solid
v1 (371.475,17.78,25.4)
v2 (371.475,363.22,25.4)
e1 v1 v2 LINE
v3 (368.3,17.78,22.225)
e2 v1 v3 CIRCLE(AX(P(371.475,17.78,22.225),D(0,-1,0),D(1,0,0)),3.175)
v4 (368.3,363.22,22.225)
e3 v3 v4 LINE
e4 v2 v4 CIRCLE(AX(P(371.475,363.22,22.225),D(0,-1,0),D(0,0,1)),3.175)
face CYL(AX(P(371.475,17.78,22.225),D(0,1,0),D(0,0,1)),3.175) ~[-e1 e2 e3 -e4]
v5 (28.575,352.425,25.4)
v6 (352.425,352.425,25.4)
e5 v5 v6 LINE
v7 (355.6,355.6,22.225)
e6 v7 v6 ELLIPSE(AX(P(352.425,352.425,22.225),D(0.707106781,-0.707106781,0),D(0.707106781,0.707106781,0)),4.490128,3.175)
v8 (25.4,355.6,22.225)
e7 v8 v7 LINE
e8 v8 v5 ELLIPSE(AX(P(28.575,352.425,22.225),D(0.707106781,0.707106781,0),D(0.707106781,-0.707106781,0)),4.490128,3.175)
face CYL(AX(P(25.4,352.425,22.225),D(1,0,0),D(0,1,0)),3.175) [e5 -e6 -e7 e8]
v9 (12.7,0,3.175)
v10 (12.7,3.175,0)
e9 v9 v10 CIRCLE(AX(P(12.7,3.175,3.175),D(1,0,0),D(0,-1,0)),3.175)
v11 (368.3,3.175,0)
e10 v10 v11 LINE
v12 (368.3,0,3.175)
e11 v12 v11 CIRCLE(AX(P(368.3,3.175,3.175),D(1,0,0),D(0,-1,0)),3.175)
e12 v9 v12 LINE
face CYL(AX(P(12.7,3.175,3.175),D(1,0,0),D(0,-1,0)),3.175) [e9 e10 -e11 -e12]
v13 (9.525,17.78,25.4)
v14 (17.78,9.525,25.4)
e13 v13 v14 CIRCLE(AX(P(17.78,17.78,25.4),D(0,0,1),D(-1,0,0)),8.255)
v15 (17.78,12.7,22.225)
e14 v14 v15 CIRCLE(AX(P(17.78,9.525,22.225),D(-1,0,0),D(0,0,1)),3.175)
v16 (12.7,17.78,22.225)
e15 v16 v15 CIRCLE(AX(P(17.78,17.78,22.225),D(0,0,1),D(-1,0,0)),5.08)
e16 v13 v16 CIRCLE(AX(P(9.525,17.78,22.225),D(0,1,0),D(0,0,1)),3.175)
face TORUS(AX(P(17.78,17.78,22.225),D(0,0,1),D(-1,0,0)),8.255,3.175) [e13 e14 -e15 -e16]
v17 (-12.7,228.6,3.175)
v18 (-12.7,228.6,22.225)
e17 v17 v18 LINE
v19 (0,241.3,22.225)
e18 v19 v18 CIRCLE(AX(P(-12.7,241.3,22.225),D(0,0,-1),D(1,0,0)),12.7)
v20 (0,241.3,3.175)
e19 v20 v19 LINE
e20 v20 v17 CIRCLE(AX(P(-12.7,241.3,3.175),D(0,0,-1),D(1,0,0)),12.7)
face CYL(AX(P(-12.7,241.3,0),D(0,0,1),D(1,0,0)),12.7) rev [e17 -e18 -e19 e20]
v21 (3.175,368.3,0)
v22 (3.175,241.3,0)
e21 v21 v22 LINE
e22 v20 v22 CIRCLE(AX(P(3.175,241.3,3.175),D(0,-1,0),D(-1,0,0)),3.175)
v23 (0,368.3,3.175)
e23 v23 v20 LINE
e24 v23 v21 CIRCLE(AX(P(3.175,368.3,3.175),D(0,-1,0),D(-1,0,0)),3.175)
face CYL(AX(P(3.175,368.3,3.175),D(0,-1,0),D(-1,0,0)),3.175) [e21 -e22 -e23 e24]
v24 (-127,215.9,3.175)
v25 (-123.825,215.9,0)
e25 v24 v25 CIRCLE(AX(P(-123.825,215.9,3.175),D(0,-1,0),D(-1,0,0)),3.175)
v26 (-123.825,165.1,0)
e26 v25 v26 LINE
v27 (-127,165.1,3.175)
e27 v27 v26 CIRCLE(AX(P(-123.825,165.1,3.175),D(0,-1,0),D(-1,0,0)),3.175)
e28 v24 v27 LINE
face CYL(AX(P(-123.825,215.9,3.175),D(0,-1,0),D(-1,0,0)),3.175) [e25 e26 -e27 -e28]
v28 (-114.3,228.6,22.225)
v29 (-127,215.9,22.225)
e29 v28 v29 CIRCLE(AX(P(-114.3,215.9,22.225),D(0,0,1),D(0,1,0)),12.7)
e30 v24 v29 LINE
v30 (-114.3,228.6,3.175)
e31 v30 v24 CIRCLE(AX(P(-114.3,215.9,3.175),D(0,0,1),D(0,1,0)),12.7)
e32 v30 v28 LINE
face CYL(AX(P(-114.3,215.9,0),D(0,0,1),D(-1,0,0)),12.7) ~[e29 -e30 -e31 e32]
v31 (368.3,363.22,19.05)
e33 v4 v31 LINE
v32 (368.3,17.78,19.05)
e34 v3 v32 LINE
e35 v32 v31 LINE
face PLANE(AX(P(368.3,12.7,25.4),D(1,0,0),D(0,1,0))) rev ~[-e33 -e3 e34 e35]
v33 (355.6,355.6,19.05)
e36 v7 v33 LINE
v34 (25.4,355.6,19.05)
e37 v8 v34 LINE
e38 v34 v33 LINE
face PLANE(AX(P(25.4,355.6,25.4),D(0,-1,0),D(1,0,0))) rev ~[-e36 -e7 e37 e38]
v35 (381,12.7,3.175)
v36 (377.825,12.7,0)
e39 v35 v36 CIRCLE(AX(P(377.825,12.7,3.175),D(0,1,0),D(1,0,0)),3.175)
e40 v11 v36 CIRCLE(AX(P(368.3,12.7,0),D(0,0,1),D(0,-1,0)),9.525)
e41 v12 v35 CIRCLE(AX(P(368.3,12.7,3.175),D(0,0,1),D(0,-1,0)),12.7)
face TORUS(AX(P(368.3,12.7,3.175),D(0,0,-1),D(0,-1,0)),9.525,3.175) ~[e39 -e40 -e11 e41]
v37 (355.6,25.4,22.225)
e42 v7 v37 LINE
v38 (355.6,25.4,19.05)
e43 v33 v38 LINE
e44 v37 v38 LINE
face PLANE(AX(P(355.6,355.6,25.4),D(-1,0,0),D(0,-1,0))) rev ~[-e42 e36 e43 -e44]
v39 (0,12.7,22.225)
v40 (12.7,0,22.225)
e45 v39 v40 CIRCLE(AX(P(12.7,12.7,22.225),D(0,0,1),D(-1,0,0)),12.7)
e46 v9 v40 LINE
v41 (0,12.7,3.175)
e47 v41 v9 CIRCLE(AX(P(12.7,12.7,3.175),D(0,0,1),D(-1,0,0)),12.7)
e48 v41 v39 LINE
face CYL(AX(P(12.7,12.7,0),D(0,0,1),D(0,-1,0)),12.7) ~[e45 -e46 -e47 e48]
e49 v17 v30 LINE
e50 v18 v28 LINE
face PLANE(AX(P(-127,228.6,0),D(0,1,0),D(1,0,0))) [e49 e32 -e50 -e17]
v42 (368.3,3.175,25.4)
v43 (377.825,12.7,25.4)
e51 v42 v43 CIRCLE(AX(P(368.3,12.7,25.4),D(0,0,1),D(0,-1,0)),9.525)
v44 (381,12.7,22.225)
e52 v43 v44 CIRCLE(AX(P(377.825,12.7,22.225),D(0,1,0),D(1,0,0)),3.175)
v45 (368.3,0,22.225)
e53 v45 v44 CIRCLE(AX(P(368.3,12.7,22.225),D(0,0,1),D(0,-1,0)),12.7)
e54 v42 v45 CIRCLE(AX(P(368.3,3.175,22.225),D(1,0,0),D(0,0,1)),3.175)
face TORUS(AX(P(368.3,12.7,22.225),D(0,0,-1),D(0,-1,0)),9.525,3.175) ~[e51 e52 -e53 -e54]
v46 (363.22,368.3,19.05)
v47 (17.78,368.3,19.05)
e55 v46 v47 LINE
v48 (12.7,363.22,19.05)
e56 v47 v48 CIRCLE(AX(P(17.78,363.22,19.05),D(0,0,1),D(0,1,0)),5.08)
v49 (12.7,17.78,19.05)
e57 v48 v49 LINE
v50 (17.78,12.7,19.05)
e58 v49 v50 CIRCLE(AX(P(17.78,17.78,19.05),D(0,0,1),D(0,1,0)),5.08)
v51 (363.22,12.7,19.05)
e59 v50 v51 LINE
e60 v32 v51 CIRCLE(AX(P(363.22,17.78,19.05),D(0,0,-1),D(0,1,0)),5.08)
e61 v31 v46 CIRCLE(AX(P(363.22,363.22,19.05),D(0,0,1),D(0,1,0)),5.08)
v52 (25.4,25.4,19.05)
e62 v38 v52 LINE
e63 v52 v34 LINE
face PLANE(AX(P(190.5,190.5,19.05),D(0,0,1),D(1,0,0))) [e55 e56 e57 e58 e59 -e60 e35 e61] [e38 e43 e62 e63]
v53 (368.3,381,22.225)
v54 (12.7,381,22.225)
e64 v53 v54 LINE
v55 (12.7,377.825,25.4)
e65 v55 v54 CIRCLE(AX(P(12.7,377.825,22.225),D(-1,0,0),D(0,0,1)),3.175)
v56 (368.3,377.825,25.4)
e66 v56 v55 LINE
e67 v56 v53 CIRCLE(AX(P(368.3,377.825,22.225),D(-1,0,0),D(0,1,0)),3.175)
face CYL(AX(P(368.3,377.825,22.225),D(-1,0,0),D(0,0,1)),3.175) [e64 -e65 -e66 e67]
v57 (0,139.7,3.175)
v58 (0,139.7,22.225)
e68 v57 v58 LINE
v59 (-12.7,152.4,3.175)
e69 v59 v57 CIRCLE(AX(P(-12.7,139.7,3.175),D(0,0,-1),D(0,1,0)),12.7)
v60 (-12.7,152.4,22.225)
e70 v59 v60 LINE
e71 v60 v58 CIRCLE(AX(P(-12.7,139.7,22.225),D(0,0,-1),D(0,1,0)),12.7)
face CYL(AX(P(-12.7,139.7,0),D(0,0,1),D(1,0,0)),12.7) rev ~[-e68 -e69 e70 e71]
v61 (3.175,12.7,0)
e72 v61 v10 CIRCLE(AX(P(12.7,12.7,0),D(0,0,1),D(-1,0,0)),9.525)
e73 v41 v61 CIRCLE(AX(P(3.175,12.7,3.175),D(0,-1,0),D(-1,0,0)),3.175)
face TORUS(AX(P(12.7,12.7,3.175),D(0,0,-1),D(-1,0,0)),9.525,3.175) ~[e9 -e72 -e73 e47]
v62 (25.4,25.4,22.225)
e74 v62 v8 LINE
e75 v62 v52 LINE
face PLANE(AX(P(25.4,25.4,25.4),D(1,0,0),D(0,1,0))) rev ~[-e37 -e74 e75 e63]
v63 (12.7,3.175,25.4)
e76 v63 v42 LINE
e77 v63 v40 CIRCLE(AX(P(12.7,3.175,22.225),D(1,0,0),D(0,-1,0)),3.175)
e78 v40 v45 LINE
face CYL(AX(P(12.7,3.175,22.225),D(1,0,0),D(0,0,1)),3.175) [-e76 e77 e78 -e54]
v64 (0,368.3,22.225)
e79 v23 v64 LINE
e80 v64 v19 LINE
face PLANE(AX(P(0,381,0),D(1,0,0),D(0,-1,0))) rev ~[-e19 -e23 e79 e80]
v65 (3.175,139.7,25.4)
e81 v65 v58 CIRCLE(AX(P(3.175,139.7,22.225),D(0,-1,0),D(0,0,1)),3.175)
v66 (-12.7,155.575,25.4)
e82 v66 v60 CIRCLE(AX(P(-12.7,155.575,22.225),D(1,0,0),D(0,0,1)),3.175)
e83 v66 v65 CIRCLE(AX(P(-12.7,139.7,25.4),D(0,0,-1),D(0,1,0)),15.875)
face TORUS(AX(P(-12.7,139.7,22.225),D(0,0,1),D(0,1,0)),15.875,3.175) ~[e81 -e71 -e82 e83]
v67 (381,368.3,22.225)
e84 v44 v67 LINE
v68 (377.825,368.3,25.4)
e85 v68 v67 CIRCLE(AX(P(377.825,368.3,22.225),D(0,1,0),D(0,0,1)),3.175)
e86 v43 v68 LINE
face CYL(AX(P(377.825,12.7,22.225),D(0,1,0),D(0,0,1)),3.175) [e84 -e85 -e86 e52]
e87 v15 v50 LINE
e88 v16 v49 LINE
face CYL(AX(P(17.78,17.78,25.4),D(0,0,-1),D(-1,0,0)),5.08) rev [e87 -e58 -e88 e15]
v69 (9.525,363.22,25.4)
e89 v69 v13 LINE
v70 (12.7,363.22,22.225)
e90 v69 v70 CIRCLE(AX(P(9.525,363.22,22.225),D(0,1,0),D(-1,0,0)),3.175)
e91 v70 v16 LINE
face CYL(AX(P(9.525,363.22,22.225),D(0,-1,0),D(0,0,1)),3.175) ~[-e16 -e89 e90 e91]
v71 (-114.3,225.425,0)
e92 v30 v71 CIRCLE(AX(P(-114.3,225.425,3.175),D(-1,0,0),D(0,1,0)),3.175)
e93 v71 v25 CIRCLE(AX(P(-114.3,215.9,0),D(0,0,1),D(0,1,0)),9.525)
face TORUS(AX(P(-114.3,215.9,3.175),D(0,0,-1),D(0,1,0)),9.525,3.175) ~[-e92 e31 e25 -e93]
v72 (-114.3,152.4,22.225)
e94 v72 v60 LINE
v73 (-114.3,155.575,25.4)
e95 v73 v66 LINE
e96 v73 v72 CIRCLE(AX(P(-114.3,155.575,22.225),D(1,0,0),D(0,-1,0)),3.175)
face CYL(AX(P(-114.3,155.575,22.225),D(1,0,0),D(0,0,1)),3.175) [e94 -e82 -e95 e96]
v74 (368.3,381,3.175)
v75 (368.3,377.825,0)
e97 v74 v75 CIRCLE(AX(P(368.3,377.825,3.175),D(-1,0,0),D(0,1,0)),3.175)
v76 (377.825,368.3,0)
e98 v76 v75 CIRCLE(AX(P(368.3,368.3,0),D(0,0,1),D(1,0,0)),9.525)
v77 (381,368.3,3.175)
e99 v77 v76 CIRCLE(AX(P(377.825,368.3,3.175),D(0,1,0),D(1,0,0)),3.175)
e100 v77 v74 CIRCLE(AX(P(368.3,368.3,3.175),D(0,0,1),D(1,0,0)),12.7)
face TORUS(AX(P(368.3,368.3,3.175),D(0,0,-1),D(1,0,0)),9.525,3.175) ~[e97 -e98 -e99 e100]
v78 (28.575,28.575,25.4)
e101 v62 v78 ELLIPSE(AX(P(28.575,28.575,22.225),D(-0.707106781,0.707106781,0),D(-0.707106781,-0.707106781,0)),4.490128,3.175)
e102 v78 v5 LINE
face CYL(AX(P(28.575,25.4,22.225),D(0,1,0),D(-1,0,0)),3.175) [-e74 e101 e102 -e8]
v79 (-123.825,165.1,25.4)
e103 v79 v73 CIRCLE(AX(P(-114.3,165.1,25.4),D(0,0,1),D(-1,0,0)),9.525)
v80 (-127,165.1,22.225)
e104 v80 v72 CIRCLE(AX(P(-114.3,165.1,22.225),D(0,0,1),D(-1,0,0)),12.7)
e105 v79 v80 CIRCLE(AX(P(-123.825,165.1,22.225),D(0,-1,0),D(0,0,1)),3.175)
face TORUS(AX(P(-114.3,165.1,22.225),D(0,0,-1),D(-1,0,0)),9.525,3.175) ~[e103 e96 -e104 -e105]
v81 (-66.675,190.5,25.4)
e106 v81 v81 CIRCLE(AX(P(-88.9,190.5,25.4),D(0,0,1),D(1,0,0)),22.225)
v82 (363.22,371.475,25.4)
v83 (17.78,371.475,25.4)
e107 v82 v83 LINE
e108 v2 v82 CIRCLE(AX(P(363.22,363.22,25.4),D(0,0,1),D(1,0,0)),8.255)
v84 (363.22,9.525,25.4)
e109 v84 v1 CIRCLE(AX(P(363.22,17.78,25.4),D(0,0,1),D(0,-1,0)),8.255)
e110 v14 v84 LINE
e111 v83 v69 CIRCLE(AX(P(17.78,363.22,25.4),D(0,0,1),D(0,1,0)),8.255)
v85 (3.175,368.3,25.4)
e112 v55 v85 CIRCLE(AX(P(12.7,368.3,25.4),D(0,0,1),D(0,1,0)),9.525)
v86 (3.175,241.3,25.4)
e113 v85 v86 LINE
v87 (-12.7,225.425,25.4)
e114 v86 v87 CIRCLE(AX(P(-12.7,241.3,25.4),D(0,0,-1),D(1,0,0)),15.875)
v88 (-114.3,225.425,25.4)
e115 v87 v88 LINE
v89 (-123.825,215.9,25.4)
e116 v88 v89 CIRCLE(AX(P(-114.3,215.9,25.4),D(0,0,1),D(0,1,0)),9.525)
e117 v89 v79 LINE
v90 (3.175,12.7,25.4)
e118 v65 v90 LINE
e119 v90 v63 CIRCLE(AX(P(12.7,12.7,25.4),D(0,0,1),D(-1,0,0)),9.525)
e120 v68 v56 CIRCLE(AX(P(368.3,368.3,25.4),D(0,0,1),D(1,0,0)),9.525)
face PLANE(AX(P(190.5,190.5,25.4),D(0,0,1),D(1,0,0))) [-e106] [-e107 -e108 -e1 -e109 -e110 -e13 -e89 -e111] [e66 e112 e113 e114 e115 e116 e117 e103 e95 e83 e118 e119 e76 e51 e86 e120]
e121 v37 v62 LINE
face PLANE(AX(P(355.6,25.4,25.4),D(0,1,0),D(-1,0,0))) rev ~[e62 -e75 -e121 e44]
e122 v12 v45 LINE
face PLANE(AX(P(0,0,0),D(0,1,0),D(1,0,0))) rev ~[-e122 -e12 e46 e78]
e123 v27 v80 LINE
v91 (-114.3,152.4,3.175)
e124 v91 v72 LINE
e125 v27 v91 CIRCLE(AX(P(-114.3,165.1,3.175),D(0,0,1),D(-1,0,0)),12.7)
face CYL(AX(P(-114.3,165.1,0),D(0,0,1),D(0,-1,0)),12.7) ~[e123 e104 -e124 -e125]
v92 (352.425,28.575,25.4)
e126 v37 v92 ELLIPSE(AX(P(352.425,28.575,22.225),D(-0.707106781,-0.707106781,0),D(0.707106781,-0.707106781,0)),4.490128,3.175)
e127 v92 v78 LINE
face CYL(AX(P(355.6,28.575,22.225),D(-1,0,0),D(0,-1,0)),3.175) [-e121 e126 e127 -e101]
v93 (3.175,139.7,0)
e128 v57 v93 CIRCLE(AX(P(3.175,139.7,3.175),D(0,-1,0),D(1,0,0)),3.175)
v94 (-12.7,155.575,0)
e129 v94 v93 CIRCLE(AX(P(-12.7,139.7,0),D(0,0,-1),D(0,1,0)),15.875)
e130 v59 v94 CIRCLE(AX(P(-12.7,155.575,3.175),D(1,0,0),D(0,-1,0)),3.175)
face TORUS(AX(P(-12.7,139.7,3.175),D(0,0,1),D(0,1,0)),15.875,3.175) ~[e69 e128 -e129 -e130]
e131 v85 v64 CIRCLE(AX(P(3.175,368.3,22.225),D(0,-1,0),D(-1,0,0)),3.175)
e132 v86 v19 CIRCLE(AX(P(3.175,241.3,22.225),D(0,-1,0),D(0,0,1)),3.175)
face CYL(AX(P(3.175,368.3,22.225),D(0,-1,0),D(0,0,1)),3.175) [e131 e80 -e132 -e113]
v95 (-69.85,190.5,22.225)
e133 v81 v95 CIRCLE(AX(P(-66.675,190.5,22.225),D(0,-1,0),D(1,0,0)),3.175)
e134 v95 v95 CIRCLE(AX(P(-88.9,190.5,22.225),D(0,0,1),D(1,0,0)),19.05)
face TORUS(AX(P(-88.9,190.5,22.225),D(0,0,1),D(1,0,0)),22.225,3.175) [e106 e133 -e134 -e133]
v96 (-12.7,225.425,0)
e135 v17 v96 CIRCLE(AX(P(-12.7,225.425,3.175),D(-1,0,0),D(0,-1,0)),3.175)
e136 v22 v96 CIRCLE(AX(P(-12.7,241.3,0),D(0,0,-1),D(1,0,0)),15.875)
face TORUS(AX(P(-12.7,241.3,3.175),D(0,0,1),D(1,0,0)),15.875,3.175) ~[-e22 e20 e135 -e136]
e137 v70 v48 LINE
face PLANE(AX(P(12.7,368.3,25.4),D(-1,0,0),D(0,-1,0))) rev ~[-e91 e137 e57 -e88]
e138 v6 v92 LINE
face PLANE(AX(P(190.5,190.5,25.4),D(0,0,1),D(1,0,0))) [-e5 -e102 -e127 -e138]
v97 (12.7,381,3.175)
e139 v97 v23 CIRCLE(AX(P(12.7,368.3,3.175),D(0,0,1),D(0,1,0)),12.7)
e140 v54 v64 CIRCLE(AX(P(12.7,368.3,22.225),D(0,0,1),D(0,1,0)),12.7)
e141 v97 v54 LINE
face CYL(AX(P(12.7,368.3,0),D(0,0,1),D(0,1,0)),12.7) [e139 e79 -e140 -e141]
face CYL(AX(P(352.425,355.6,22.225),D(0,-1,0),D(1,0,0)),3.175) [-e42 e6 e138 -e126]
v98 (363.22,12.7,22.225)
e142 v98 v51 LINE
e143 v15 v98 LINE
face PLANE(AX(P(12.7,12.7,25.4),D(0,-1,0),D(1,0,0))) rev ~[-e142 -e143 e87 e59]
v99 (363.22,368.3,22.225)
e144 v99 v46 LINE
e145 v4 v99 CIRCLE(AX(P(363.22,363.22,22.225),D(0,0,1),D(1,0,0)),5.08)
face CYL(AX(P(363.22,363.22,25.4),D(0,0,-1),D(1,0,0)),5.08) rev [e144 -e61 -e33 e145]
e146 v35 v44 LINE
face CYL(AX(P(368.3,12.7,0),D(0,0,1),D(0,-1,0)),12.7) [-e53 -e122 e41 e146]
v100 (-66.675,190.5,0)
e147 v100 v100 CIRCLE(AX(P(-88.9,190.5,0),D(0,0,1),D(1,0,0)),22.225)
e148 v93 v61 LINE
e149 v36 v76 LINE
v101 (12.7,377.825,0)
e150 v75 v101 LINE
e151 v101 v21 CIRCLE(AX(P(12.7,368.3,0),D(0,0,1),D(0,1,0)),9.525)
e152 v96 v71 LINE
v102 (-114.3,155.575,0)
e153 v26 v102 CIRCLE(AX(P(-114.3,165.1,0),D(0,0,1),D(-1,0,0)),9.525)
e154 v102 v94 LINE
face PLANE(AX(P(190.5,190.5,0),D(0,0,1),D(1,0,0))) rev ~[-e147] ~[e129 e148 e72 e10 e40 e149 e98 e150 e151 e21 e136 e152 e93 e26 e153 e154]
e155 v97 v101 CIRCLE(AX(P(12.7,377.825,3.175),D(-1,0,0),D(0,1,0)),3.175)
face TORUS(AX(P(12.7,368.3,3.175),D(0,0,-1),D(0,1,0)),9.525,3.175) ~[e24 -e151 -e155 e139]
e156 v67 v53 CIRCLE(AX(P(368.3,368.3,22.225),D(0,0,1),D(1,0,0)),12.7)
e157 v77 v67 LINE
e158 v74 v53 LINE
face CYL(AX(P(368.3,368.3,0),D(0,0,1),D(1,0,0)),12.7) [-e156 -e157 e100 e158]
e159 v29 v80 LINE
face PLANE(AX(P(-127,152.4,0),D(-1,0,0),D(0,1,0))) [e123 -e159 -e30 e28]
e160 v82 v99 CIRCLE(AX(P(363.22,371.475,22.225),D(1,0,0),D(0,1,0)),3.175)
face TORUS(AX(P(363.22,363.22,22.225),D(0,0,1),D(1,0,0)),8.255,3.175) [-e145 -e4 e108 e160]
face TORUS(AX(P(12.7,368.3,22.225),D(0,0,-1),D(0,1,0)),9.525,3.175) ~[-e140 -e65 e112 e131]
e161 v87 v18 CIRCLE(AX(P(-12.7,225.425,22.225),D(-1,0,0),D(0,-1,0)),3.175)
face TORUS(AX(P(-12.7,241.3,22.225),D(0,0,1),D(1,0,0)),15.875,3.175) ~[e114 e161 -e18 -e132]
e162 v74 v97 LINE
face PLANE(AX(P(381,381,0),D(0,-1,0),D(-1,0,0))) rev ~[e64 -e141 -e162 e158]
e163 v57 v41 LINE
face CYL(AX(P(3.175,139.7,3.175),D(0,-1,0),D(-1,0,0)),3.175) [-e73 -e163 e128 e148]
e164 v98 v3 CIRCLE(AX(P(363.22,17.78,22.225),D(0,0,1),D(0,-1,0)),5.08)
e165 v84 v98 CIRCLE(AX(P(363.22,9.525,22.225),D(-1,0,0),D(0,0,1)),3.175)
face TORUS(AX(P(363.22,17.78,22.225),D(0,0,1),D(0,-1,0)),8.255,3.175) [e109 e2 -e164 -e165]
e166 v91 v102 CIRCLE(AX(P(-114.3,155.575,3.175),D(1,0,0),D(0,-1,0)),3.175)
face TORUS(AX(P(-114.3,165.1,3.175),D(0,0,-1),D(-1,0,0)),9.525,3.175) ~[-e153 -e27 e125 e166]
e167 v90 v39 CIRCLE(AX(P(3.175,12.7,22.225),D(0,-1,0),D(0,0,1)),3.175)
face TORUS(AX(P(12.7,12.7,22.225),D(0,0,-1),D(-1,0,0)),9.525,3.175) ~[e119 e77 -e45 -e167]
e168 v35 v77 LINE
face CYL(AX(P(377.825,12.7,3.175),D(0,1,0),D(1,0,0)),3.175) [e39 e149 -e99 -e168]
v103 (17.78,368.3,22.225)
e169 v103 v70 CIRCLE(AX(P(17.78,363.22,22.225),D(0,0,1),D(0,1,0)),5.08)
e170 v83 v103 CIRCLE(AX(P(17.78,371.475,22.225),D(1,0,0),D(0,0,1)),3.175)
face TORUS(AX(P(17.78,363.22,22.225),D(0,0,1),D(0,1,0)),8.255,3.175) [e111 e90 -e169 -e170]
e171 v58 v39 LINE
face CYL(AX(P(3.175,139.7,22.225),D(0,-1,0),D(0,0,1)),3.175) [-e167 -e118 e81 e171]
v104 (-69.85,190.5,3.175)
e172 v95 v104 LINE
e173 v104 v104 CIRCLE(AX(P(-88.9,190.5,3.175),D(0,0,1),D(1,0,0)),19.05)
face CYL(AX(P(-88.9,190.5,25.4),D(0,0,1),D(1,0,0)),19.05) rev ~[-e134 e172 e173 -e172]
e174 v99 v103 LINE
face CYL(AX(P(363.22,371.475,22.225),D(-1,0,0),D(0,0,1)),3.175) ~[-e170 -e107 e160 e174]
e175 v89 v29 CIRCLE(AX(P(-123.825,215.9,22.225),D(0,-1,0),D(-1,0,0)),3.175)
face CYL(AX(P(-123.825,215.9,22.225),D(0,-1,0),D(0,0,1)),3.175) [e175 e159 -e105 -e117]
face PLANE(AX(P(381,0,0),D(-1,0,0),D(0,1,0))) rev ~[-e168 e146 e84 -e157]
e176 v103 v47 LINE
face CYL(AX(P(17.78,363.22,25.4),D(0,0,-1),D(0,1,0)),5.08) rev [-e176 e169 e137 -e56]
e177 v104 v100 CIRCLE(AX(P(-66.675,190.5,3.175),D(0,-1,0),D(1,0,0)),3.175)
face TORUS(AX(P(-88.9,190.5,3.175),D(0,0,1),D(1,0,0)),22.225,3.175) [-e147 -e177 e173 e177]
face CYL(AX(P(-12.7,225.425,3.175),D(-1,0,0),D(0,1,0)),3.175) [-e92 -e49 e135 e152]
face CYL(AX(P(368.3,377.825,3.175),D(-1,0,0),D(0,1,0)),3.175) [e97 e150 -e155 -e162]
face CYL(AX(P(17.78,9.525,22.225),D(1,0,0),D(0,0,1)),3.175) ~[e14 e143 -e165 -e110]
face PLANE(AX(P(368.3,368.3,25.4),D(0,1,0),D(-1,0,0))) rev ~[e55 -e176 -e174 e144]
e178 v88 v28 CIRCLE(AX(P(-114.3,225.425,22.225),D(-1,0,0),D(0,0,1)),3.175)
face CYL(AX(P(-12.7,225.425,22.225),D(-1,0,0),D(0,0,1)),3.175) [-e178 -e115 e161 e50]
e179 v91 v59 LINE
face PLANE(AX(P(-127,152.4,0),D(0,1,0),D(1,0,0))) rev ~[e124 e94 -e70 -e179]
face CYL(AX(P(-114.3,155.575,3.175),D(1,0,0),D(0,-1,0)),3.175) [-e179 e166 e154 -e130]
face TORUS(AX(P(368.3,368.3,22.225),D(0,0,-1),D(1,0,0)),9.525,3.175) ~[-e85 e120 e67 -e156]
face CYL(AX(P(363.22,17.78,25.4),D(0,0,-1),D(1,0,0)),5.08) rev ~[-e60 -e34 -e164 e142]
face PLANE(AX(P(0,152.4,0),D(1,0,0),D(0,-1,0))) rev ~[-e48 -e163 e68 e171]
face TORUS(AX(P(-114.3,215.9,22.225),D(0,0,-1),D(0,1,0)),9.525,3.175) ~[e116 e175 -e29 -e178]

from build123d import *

# Parameters (mm, degrees)
F0_W     = 127
F0_H     = 76.2
F1_DEPTH = 25.4
F2_R     = 19.05
F3_DEPTH = 25.4
F5_DEPTH = 6.35
F6_R     = 5.08
F7_R     = 12.7
F8_R     = 3.175


with BuildPart() as f1:
    # F0 (on Top) → F1 (new body)
    with BuildSketch(Plane.XY):
        Polygon((0, 152.4), (0, 0), (381, 0), (381, 381), (0, 381), (0, 228.6), align=None)
        with Locations((-63.5, 190.5)):
            Rectangle(F0_W, F0_H)
    extrude(amount=F1_DEPTH)

    # F2 (on face) → F3 (cut)
    with BuildSketch(Plane.XY.offset(25.4)):
        with Locations((-88.9, 190.5)):
            Circle(F2_R)
    extrude(amount=-F3_DEPTH, mode=Mode.SUBTRACT)

    # F4 (on face) → F5 (cut)
    with BuildSketch(Plane.XY.offset(25.4)):
        Polygon((368.3, 12.7), (368.3, 368.3), (12.7, 368.3), (12.7, 215.9), (12.7, 165.1), (12.7, 12.7), align=None)
        Polygon((355.6, 355.6), (355.6, 25.4), (25.4, 25.4), (25.4, 165.1), (25.4, 215.9), (25.4, 355.6), align=None, mode=Mode.SUBTRACT)
    extrude(amount=-F5_DEPTH, mode=Mode.SUBTRACT)

    # F6
    f6_edges = [f1.edges().sort_by_distance(p)[0] for p in [
        (12.7, 368.3, 22.225),
        (368.3, 368.3, 22.225),
        (12.7, 12.7, 22.225),
        (368.3, 12.7, 22.225),
    ]]
    fillet(f6_edges, radius=F6_R)

    # F7
    f7_edges = [f1.edges().sort_by_distance(p)[0] for p in [
        (381, 0, 12.7),
        (0, 0, 12.7),
        (-127, 152.4, 12.7),
        (381, 381, 12.7),
        (-127, 228.6, 12.7),
        (0, 381, 12.7),
        (0, 228.6, 12.7),
        (0, 152.4, 12.7),
    ]]
    fillet(f7_edges, radius=F7_R)

    # F8
    f8_edges = [f1.edges().sort_by_distance(p)[0] for p in [
        (190.5, 355.6, 25.4),
        (355.6, 190.5, 25.4),
        (190.5, 25.4, 25.4),
        (25.4, 190.5, 25.4),
        (0, 76.2, 25.4),
        (-3.719744, 148.680256, 25.4),
        (3.719744, 3.719744, 25.4),
        (-63.5, 152.4, 25.4),
        (190.5, 0, 25.4),
        (-123.280256, 156.119744, 25.4),
        (377.280256, 3.719744, 25.4),
        (-127, 190.5, 25.4),
        (381, 190.5, 25.4),
        (-123.280256, 224.880256, 25.4),
        (377.280256, 377.280256, 25.4),
        (-63.5, 228.6, 25.4),
        (190.5, 381, 25.4),
        (-3.719744, 232.319744, 25.4),
        (3.719744, 377.280256, 25.4),
        (0, 304.8, 25.4),
        (190.5, 12.7, 25.4),
        (14.187898, 14.187898, 25.4),
        (366.812102, 14.187898, 25.4),
        (12.7, 190.5, 25.4),
        (368.3, 190.5, 25.4),
        (14.187898, 366.812102, 25.4),
        (366.812102, 366.812102, 25.4),
        (190.5, 368.3, 25.4),
        (-107.95, 190.5, 25.4),
        (190.5, 381, 0),
        (368.3, 381, 12.7),
        (12.7, 381, 12.7),
        (3.719744, 377.280256, 0),
        (0, 368.3, 12.7),
        (0, 241.3, 12.7),
        (-3.719744, 232.319744, 0),
        (-12.7, 228.6, 12.7),
        (-63.5, 228.6, 0),
        (-114.3, 228.6, 12.7),
        (0, 76.2, 0),
        (0, 139.7, 12.7),
        (0, 12.7, 12.7),
        (-3.719744, 148.680256, 0),
        (-12.7, 152.4, 12.7),
        (3.719744, 3.719744, 0),
        (-63.5, 152.4, 0),
        (190.5, 0, 0),
        (-123.280256, 156.119744, 0),
        (377.280256, 3.719744, 0),
        (-127, 190.5, 0),
        (381, 190.5, 0),
        (-123.280256, 224.880256, 0),
        (377.280256, 377.280256, 0),
        (0, 304.8, 0),
        (-107.95, 190.5, 0),
    ]]
    fillet(f8_edges, radius=F8_R)


solid = f1.part
